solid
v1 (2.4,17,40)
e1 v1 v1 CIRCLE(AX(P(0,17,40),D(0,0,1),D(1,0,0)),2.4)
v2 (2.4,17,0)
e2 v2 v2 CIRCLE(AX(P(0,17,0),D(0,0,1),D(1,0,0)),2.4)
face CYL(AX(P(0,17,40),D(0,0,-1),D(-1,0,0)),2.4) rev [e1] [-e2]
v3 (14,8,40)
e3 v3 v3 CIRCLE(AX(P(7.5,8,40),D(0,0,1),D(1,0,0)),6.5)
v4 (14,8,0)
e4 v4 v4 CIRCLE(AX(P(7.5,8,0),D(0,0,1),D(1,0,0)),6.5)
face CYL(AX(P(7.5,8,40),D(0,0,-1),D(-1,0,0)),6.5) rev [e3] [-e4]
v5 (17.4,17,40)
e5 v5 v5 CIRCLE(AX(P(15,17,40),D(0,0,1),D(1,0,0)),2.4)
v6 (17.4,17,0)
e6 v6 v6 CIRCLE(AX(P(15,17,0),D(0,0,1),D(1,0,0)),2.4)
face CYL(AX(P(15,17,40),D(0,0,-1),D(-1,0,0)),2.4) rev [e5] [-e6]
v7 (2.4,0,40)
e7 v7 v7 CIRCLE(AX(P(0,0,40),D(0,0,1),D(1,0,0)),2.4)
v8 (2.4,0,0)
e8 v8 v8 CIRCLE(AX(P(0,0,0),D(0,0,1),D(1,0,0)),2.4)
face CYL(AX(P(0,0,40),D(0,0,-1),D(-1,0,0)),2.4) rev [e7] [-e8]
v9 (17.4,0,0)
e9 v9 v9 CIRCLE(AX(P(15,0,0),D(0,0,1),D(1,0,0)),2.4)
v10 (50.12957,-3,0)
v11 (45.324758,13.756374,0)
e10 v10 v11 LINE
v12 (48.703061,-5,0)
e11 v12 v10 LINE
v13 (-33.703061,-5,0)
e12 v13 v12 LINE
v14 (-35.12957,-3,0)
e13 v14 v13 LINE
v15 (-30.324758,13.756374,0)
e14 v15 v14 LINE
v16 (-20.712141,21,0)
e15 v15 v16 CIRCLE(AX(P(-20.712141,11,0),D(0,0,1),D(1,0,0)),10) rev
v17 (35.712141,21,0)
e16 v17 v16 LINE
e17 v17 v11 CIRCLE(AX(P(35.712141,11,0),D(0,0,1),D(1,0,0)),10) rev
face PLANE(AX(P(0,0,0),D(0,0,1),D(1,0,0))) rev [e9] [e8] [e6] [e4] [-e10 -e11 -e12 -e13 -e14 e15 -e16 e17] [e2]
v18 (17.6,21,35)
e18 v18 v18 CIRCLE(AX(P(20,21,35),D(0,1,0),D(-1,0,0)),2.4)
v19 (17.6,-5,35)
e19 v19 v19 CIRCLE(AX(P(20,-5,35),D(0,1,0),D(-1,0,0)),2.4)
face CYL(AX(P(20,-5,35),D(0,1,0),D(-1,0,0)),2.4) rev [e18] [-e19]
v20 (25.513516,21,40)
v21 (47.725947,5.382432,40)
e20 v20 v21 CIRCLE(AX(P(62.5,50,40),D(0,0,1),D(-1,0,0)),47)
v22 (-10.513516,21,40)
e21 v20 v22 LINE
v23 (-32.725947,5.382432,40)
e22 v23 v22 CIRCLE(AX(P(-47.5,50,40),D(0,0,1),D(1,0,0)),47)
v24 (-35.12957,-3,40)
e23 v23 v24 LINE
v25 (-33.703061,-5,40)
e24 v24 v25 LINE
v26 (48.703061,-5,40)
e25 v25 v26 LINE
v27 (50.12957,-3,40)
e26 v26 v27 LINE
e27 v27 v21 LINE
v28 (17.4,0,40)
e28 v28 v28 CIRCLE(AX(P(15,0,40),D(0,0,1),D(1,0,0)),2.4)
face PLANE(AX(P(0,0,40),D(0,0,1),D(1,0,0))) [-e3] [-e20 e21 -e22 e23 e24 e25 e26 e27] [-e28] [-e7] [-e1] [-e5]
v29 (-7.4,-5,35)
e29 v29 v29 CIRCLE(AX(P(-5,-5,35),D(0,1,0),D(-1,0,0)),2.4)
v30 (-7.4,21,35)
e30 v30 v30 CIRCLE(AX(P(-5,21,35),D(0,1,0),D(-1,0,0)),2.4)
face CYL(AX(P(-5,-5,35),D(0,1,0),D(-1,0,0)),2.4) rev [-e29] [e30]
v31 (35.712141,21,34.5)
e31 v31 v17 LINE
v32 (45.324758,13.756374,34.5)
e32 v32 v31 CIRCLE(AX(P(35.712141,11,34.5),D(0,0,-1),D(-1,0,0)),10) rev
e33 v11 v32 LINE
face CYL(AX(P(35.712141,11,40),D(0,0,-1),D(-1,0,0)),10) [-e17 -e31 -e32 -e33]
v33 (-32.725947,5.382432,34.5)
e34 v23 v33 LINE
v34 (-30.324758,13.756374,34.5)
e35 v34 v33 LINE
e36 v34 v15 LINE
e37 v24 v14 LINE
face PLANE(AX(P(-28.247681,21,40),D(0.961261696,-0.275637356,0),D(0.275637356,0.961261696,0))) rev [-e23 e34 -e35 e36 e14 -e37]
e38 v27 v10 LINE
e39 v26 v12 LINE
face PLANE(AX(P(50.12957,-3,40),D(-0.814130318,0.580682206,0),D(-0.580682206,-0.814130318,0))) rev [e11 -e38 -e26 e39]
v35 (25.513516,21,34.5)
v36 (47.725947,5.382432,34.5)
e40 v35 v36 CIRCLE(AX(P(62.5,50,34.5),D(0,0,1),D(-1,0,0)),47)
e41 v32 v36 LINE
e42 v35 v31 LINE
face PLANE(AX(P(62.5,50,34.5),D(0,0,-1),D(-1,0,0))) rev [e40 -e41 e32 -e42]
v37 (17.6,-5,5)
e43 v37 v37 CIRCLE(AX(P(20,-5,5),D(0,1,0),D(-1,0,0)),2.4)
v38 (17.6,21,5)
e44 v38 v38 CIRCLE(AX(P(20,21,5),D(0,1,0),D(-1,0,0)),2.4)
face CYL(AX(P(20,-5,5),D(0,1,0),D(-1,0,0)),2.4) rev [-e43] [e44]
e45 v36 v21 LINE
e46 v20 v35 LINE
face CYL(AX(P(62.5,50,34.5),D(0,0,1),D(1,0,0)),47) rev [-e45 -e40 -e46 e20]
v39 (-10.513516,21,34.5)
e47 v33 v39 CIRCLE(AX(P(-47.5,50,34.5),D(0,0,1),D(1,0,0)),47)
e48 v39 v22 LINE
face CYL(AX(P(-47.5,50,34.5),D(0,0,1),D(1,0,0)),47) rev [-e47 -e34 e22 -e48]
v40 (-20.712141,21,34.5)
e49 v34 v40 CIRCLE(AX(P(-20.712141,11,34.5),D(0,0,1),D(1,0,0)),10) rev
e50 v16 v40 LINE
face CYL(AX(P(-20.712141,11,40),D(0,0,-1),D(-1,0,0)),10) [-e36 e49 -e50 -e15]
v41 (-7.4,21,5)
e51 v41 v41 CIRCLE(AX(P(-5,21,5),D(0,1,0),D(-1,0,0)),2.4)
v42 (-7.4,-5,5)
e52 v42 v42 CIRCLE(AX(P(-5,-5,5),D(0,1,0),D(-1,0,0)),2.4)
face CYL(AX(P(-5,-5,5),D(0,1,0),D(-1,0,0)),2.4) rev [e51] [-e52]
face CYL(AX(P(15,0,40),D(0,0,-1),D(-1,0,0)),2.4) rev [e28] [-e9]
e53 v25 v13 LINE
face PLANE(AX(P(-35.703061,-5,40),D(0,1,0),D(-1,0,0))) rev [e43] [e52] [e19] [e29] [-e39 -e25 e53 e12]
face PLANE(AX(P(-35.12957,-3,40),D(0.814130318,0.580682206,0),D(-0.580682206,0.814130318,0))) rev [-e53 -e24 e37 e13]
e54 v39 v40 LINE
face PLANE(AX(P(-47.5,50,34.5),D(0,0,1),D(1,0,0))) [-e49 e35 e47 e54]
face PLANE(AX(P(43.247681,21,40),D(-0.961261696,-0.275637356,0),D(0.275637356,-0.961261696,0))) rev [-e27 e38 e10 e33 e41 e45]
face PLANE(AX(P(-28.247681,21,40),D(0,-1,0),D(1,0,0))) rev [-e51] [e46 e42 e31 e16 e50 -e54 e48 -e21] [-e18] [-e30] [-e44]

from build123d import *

# Parameters (mm, degrees)
SKETCH_1_R          = 2.4
SKETCH_1_R_2        = 6.5
EXTRUDE_1_DEPTH     = 40
FILLET_1_R          = 10
SKETCH_2_R          = 2.4
CUT_EXTRUDE_1_DEPTH = 70.61896589
SKETCH_4_R          = 47
CUT_EXTRUDE_2_DEPTH = 5.5
CUT_EXTRUDE_3_DEPTH = 68.9102379


with BuildPart() as part:
    # 草图1 → 凸台-拉伸1 (new body)
    with BuildSketch(Plane.XY):
        Polygon((-35.703061166, -5), (50.703061166, -5), (43.247681137, 21), (-28.247681137, 21), align=None)
        with Locations((15, 17)):
            Circle(SKETCH_1_R, mode=Mode.SUBTRACT)
        with Locations((15, 0)):
            Circle(SKETCH_1_R, mode=Mode.SUBTRACT)
        Circle(SKETCH_1_R, mode=Mode.SUBTRACT)
        with Locations((0, 17)):
            Circle(SKETCH_1_R, mode=Mode.SUBTRACT)
        with Locations((7.5, 8)):
            Circle(SKETCH_1_R_2, mode=Mode.SUBTRACT)
    extrude(amount=EXTRUDE_1_DEPTH)

    # 圆角1
    fillet_1_edges = [part.edges().sort_by_distance(p)[0] for p in [
        (-28.247681137, 21, 20),
        (43.247681137, 21, 20),
    ]]
    fillet(fillet_1_edges, radius=FILLET_1_R)

    # 草图2 → 切除-拉伸1 (cut, through all)
    with BuildSketch(Plane(origin=(0, 21, 0), x_dir=(1, 0, 0), z_dir=(0, 1, 0))):
        with Locations(Location((-5, -5, 0), (0, 0, 180))):
            Circle(SKETCH_2_R)
        with Locations(Location((20, -5, 0), (0, 0, 180))):
            Circle(SKETCH_2_R)
        with Locations(Location((-5, -35, 0), (0, 0, 180))):
            Circle(SKETCH_2_R)
        with Locations(Location((20, -35, 0), (0, 0, 180))):
            Circle(SKETCH_2_R)
    extrude(amount=-CUT_EXTRUDE_1_DEPTH, mode=Mode.SUBTRACT)

    # 草图4 → 切除-拉伸2 (cut)
    with BuildSketch(Plane.XY.offset(40)):
        with Locations((-47.5, 50)):
            Circle(SKETCH_4_R)
        with Locations((62.5, 50)):
            Circle(SKETCH_4_R)
    extrude(amount=-CUT_EXTRUDE_2_DEPTH, mode=Mode.SUBTRACT)

    # 草图5 → 切除-拉伸3 (cut, through all)
    with BuildSketch(Plane(origin=(0, 0, 0), x_dir=(-1, 0, 0), z_dir=(0, 0, -1))):
        Polygon((-48.703061166, -5), (-50.703061166, -5), (-50.129570395, -3), align=None)
        Polygon((35.129570395, -3), (33.703061166, -5), (35.703061166, -5), align=None)
    extrude(amount=-CUT_EXTRUDE_3_DEPTH, mode=Mode.SUBTRACT)


solid = part.part
